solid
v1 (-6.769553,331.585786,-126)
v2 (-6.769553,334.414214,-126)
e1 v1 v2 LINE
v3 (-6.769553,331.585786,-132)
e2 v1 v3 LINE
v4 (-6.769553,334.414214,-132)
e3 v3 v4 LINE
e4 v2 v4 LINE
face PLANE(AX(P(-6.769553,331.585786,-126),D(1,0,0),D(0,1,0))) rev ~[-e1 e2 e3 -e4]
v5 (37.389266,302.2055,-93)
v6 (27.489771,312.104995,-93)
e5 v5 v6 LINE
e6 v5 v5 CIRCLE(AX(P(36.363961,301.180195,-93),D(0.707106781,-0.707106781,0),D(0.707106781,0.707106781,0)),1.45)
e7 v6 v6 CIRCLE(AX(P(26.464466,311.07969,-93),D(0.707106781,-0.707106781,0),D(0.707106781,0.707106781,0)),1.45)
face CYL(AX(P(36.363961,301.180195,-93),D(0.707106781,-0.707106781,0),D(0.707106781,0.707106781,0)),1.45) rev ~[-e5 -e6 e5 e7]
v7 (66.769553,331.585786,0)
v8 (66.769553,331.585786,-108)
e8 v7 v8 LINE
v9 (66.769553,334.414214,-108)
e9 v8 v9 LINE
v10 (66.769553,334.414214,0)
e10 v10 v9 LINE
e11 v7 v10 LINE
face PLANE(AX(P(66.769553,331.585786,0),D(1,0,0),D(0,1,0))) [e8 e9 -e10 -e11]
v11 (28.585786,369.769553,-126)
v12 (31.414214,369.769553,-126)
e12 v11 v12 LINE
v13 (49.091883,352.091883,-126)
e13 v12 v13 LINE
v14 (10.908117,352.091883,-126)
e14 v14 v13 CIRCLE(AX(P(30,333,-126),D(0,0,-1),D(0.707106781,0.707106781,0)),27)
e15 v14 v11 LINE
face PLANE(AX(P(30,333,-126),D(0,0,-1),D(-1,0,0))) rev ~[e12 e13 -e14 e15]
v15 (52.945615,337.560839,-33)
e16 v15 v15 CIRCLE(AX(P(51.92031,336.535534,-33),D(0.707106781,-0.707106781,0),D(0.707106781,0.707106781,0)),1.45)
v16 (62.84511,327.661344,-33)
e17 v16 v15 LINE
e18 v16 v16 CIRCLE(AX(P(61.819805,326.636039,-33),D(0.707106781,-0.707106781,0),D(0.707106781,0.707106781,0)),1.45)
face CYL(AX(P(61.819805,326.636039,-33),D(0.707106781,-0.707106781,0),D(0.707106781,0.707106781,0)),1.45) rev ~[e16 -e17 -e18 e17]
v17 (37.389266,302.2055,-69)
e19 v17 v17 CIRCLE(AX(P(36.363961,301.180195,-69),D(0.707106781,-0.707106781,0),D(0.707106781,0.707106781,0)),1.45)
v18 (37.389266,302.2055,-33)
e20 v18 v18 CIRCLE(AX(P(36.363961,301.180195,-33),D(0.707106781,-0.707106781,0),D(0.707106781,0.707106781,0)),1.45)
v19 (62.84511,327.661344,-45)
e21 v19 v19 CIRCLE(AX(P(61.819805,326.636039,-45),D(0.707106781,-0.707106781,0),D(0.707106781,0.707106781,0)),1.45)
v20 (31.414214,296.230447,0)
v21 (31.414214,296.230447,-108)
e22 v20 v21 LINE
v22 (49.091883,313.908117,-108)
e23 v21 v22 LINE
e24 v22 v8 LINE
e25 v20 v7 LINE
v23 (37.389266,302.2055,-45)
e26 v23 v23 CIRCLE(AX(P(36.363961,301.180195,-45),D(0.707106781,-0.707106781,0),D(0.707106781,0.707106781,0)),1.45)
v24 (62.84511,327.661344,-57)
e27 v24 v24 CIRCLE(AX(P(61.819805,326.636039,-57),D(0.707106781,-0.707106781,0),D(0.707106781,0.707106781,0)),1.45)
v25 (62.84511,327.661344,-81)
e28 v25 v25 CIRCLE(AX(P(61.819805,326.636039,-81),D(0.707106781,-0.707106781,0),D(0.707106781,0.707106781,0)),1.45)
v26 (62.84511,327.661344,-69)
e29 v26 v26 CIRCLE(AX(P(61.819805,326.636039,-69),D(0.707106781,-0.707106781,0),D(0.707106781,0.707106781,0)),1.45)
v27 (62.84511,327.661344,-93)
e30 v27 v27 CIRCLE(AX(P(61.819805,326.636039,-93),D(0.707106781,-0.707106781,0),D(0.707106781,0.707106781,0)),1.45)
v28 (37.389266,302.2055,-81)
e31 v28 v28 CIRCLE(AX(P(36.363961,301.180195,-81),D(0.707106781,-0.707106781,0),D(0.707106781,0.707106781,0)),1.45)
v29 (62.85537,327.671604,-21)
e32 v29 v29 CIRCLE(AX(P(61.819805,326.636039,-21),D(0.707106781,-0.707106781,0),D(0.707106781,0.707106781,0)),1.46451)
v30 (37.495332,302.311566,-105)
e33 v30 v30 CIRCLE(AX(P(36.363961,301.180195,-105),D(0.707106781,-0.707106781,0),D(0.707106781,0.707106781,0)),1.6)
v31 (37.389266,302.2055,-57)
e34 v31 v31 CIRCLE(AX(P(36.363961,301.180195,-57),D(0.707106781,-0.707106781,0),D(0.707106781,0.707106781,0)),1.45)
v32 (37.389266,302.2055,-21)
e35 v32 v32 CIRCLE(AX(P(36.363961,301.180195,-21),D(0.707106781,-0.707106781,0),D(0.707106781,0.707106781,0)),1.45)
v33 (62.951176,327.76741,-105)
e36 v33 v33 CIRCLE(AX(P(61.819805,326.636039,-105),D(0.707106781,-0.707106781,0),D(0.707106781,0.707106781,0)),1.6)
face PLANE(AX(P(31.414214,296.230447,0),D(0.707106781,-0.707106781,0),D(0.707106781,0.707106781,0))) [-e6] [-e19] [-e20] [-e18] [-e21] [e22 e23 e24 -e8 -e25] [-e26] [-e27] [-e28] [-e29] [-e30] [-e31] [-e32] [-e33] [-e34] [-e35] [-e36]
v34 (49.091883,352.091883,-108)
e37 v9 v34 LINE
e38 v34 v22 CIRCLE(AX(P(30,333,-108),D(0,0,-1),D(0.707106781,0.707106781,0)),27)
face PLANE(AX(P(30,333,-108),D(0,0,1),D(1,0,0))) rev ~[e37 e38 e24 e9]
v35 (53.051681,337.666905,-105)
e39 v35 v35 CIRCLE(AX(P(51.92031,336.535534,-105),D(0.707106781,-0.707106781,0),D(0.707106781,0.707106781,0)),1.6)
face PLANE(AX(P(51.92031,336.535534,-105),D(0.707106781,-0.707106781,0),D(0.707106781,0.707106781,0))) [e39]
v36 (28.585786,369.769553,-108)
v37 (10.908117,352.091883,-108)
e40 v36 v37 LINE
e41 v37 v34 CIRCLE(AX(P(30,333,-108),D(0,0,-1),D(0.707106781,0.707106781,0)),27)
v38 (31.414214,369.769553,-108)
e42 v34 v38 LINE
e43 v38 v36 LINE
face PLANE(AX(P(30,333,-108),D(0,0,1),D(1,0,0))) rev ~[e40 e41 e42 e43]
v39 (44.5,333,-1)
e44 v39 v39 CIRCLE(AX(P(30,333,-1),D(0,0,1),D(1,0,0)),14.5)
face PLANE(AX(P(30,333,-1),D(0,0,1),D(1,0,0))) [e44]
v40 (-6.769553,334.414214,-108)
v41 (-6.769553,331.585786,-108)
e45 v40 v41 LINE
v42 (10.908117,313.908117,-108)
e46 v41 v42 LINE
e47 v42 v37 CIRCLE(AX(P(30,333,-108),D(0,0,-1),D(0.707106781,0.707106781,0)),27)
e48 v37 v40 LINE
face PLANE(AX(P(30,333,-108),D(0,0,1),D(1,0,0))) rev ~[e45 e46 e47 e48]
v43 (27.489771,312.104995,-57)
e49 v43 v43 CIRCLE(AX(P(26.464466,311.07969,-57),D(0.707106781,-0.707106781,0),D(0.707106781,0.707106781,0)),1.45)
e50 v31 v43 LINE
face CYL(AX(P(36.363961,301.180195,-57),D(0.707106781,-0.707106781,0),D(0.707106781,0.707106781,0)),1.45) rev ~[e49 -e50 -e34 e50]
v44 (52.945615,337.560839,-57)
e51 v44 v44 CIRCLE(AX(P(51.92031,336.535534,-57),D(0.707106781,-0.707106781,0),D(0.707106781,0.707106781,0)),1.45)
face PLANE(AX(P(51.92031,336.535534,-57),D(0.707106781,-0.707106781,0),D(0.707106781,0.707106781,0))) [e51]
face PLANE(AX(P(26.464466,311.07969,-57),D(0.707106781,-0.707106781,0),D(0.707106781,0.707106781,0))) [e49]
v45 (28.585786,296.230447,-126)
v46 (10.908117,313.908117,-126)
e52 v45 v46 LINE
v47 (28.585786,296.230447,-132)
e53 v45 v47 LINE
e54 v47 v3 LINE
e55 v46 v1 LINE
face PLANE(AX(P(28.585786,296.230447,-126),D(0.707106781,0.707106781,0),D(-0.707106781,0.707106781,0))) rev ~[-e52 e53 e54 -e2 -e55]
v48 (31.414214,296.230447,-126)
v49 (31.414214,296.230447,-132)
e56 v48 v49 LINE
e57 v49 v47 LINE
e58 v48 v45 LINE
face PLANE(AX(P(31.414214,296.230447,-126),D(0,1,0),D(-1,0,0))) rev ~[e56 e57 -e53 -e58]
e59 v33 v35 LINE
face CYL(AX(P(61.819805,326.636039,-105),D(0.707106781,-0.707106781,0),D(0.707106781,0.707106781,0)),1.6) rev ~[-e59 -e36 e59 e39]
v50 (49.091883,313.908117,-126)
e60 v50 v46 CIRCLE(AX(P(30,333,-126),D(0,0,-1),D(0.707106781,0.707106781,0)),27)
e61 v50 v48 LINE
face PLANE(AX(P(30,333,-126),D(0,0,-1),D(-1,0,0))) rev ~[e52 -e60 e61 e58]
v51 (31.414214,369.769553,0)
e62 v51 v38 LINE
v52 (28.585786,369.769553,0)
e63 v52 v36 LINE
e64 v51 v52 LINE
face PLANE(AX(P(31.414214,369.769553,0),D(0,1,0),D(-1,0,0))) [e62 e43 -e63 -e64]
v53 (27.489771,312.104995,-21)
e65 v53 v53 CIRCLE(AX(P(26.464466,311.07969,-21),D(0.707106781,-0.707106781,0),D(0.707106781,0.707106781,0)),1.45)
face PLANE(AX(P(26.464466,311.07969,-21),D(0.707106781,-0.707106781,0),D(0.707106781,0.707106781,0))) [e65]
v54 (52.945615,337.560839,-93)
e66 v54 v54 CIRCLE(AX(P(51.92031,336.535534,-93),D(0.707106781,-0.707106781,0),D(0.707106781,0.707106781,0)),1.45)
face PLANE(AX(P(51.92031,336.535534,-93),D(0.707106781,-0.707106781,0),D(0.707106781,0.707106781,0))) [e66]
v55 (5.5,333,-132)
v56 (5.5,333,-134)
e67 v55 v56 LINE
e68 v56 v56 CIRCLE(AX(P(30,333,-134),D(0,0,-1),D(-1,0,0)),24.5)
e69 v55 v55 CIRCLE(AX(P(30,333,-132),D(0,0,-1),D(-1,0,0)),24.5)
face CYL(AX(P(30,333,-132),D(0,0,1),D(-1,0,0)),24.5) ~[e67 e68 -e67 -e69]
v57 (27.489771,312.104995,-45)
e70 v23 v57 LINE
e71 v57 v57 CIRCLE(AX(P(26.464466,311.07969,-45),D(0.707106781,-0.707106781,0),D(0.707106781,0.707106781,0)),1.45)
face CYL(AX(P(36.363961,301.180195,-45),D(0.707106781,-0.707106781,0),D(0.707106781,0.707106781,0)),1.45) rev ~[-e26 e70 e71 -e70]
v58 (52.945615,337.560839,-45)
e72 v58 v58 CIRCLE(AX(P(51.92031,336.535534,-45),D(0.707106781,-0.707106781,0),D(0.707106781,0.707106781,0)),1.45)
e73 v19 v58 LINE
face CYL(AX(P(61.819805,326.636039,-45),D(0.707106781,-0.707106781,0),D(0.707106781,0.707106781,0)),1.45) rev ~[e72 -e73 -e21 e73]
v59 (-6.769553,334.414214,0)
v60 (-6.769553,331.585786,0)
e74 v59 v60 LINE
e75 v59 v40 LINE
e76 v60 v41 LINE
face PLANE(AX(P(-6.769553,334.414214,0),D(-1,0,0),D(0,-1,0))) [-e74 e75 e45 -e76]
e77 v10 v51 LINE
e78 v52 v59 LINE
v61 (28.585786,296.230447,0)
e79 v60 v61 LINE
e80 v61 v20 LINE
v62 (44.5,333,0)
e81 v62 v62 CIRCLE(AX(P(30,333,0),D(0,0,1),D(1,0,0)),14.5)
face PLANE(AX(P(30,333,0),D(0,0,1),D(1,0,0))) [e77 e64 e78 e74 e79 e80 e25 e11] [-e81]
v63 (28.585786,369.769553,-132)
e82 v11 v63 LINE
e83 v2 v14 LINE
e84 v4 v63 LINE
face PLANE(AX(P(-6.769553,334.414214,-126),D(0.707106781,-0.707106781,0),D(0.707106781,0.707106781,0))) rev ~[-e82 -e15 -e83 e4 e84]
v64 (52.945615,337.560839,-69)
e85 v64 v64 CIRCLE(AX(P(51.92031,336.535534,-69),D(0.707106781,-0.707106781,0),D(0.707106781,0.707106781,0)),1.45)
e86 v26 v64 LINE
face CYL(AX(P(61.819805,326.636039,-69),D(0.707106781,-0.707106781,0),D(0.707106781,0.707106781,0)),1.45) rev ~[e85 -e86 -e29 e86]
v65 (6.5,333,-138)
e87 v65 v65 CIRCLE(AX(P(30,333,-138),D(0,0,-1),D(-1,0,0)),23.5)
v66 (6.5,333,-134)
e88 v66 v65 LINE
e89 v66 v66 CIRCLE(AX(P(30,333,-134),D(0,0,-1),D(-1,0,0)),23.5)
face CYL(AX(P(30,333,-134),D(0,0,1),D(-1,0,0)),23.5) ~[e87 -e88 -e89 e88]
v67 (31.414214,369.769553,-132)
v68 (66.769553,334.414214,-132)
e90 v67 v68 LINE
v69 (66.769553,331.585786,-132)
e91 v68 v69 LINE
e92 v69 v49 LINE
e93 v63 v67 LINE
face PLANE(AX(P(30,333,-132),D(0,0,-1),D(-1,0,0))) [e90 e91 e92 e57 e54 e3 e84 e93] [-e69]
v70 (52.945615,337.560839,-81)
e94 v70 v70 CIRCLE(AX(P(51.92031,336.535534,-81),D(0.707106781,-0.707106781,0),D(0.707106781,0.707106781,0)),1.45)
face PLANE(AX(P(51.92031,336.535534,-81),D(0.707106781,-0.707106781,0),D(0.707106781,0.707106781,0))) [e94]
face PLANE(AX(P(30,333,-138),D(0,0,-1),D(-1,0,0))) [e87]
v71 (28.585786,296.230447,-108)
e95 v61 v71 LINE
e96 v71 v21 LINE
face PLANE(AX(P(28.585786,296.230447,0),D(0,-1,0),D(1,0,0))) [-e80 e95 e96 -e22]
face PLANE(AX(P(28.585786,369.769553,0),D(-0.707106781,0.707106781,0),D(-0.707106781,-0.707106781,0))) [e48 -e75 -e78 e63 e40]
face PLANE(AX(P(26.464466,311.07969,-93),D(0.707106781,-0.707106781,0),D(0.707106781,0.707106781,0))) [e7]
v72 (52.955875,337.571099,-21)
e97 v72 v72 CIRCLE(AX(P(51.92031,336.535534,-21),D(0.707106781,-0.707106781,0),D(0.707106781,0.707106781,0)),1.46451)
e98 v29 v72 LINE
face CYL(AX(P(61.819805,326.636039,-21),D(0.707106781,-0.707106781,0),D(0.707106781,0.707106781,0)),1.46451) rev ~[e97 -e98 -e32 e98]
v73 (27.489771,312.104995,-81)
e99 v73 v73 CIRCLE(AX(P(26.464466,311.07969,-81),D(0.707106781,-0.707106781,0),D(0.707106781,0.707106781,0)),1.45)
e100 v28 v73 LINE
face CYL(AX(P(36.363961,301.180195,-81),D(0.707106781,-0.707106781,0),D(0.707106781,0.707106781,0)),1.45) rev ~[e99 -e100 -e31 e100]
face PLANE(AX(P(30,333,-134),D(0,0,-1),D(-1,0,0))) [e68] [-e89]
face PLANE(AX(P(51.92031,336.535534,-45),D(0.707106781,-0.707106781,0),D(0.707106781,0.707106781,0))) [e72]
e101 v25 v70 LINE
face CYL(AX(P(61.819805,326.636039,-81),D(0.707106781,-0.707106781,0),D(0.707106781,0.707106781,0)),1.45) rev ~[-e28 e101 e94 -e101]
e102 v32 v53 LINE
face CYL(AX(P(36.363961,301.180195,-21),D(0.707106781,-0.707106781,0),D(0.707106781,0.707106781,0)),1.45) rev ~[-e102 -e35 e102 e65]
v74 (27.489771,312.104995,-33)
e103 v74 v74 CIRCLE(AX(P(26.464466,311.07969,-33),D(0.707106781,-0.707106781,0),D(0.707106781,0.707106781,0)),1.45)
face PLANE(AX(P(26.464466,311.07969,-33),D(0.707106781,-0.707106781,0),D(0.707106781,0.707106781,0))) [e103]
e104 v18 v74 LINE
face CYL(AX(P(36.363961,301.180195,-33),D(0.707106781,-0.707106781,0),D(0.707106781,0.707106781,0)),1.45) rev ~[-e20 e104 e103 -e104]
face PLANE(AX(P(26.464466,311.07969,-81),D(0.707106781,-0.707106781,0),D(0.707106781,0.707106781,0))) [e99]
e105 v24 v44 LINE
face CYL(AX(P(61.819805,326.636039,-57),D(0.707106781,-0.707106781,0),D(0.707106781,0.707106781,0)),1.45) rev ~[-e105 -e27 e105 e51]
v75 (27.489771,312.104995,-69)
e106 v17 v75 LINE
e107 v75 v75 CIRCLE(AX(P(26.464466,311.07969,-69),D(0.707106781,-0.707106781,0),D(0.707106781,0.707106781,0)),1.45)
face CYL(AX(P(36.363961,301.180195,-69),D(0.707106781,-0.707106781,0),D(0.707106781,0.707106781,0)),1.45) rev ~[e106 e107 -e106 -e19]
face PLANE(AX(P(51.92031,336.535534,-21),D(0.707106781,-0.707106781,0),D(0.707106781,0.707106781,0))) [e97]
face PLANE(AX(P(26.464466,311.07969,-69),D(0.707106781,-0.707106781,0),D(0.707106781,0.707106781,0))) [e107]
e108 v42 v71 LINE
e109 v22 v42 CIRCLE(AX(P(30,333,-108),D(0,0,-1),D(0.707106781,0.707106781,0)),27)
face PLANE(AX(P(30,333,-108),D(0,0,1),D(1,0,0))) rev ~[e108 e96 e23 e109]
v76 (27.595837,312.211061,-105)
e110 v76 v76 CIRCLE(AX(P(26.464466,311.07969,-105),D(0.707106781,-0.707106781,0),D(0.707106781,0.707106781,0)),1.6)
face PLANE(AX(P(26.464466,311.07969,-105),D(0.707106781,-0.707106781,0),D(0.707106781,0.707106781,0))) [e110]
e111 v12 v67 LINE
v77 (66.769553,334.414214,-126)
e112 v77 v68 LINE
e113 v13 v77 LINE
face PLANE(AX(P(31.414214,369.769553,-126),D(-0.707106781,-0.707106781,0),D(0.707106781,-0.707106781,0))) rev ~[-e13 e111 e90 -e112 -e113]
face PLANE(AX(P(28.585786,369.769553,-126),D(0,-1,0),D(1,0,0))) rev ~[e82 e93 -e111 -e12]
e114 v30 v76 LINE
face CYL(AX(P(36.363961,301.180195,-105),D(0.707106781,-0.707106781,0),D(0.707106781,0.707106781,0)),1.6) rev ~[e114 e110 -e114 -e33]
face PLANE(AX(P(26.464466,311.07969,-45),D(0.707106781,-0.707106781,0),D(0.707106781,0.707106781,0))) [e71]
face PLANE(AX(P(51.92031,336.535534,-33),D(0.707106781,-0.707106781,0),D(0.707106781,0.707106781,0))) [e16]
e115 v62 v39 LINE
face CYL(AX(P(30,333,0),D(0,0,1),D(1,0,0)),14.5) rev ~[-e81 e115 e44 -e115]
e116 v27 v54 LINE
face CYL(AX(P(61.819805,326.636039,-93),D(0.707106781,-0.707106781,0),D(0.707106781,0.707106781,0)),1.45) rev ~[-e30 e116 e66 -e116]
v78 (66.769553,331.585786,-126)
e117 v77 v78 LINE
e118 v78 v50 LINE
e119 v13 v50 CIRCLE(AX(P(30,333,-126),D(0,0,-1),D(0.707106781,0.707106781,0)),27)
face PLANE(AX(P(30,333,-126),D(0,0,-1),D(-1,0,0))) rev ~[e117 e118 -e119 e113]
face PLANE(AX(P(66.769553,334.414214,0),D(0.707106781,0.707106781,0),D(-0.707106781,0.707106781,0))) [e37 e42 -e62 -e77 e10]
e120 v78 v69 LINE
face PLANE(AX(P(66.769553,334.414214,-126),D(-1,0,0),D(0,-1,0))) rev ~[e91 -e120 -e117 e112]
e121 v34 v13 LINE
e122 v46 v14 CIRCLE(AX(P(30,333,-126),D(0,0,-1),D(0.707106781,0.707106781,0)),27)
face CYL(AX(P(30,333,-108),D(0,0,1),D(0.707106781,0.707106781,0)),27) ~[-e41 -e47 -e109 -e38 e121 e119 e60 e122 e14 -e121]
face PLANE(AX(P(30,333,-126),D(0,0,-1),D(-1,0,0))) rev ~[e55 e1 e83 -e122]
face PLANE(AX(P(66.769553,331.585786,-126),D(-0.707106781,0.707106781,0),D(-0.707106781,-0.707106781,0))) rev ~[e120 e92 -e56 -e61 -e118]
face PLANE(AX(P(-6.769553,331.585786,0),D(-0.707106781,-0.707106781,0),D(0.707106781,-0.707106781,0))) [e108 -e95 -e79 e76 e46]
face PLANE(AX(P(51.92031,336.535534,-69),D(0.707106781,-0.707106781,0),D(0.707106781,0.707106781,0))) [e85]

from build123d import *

# Parameters (mm, degrees)
EXTRUDE_1_DEPTH     = 108
SKETCH_2_R          = 27
EXTRUDE_2_DEPTH     = 18
EXTRUDE_3_DEPTH     = 6
SKETCH_4_R          = 24.5
EXTRUDE_4_DEPTH     = 2
SKETCH_5_R          = 23.5
EXTRUDE_5_DEPTH     = 4
SKETCH_7_R          = 1.6
SKETCH_7_R_2        = 1.45
SKETCH_7_R_3        = 1.464509856
CUT_EXTRUDE_1_DEPTH = 14
SKETCH_8_R          = 14.5
CUT_EXTRUDE_2_DEPTH = 1


with BuildPart() as part:
    # 스케치1 → 보스-돌출1 (new body)
    with BuildSketch(Plane.XY):
        Polygon((-6.769552622, 334.414213562), (-6.769552622, 331.585786438), (28.585786438, 296.230447378), (31.414213562, 296.230447378), (66.769552622, 331.585786438), (66.769552622, 334.414213562), (31.414213562, 369.769552622), (28.585786438, 369.769552622), align=None)
    extrude(amount=-EXTRUDE_1_DEPTH)

    # 스케치2 → 보스-돌출2 (add)
    with BuildSketch(Plane(origin=(0, 0, -108), x_dir=(-1, 0, 0), z_dir=(0, 0, -1))):
        with Locations(Location((-30, 333, 0), (0, 0, 135))):
            Circle(SKETCH_2_R)
    extrude(amount=EXTRUDE_2_DEPTH)

    # 스케치3 → 보스-돌출3 (add)
    with BuildSketch(Plane(origin=(0, 0, -126), x_dir=(-1, 0, 0), z_dir=(0, 0, -1))):
        Polygon((6.769552622, 331.585786438), (6.769552622, 334.414213562), (-28.585786438, 369.769552622), (-31.414213562, 369.769552622), (-66.769552622, 334.414213562), (-66.769552622, 331.585786438), (-31.414213562, 296.230447378), (-28.585786438, 296.230447378), align=None)
    extrude(amount=EXTRUDE_3_DEPTH)

    # 스케치4 → 보스-돌출4 (add)
    with BuildSketch(Plane(origin=(0, 0, -132), x_dir=(-1, 0, 0), z_dir=(0, 0, -1))):
        with Locations((-30, 333)):
            Circle(SKETCH_4_R)
    extrude(amount=EXTRUDE_4_DEPTH)

    # 스케치5 → 보스-돌출5 (add)
    with BuildSketch(Plane(origin=(0, 0, -134), x_dir=(-1, 0, 0), z_dir=(0, 0, -1))):
        with Locations((-30, 333)):
            Circle(SKETCH_5_R)
    extrude(amount=EXTRUDE_5_DEPTH)

    # 스케치7 → 컷-돌출1 (cut)
    with BuildSketch(Plane(origin=(-132.408116908, 132.408116908, 0), x_dir=(0, 0, -1), z_dir=(0.7071067811863883, -0.7071067811867069, 0))):
        with Locations(Location((105, 274.679761571, 0), (0, 0, 90))):
            Circle(SKETCH_7_R)
        with Locations(Location((93, 274.679761571, 0), (0, 0, 90))):
            Circle(SKETCH_7_R_2)
        with Locations(Location((81, 274.679761571, 0), (0, 0, 90))):
            Circle(SKETCH_7_R_2)
        with Locations(Location((69, 274.679761571, 0), (0, 0, 90))):
            Circle(SKETCH_7_R_2)
        with Locations(Location((57, 274.679761571, 0), (0, 0, 90))):
            Circle(SKETCH_7_R_2)
        with Locations(Location((45, 274.679761571, 0), (0, 0, 90))):
            Circle(SKETCH_7_R_2)
        with Locations(Location((33, 274.679761571, 0), (0, 0, 90))):
            Circle(SKETCH_7_R_2)
        with Locations(Location((21, 274.679761571, 0), (0, 0, 90))):
            Circle(SKETCH_7_R_3)
        with Locations(Location((21, 238.679761571, 0), (0, 0, 90))):
            Circle(SKETCH_7_R_2)
        with Locations(Location((33, 238.679761571, 0), (0, 0, 90))):
            Circle(SKETCH_7_R_2)
        with Locations(Location((45, 238.679761571, 0), (0, 0, 90))):
            Circle(SKETCH_7_R_2)
        with Locations(Location((57, 238.679761571, 0), (0, 0, 90))):
            Circle(SKETCH_7_R_2)
        with Locations(Location((69, 238.679761571, 0), (0, 0, 90))):
            Circle(SKETCH_7_R_2)
        with Locations(Location((81, 238.679761571, 0), (0, 0, 90))):
            Circle(SKETCH_7_R_2)
        with Locations(Location((93, 238.679761571, 0), (0, 0, 90))):
            Circle(SKETCH_7_R_2)
        with Locations(Location((105, 238.679761571, 0), (0, 0, 90))):
            Circle(SKETCH_7_R)
    extrude(amount=-CUT_EXTRUDE_1_DEPTH, mode=Mode.SUBTRACT)

    # 스케치8 → 컷-돌출2 (cut)
    with BuildSketch(Plane.XY):
        with Locations((30, 333)):
            Circle(SKETCH_8_R)
    extrude(amount=-CUT_EXTRUDE_2_DEPTH, mode=Mode.SUBTRACT)


solid = part.part
